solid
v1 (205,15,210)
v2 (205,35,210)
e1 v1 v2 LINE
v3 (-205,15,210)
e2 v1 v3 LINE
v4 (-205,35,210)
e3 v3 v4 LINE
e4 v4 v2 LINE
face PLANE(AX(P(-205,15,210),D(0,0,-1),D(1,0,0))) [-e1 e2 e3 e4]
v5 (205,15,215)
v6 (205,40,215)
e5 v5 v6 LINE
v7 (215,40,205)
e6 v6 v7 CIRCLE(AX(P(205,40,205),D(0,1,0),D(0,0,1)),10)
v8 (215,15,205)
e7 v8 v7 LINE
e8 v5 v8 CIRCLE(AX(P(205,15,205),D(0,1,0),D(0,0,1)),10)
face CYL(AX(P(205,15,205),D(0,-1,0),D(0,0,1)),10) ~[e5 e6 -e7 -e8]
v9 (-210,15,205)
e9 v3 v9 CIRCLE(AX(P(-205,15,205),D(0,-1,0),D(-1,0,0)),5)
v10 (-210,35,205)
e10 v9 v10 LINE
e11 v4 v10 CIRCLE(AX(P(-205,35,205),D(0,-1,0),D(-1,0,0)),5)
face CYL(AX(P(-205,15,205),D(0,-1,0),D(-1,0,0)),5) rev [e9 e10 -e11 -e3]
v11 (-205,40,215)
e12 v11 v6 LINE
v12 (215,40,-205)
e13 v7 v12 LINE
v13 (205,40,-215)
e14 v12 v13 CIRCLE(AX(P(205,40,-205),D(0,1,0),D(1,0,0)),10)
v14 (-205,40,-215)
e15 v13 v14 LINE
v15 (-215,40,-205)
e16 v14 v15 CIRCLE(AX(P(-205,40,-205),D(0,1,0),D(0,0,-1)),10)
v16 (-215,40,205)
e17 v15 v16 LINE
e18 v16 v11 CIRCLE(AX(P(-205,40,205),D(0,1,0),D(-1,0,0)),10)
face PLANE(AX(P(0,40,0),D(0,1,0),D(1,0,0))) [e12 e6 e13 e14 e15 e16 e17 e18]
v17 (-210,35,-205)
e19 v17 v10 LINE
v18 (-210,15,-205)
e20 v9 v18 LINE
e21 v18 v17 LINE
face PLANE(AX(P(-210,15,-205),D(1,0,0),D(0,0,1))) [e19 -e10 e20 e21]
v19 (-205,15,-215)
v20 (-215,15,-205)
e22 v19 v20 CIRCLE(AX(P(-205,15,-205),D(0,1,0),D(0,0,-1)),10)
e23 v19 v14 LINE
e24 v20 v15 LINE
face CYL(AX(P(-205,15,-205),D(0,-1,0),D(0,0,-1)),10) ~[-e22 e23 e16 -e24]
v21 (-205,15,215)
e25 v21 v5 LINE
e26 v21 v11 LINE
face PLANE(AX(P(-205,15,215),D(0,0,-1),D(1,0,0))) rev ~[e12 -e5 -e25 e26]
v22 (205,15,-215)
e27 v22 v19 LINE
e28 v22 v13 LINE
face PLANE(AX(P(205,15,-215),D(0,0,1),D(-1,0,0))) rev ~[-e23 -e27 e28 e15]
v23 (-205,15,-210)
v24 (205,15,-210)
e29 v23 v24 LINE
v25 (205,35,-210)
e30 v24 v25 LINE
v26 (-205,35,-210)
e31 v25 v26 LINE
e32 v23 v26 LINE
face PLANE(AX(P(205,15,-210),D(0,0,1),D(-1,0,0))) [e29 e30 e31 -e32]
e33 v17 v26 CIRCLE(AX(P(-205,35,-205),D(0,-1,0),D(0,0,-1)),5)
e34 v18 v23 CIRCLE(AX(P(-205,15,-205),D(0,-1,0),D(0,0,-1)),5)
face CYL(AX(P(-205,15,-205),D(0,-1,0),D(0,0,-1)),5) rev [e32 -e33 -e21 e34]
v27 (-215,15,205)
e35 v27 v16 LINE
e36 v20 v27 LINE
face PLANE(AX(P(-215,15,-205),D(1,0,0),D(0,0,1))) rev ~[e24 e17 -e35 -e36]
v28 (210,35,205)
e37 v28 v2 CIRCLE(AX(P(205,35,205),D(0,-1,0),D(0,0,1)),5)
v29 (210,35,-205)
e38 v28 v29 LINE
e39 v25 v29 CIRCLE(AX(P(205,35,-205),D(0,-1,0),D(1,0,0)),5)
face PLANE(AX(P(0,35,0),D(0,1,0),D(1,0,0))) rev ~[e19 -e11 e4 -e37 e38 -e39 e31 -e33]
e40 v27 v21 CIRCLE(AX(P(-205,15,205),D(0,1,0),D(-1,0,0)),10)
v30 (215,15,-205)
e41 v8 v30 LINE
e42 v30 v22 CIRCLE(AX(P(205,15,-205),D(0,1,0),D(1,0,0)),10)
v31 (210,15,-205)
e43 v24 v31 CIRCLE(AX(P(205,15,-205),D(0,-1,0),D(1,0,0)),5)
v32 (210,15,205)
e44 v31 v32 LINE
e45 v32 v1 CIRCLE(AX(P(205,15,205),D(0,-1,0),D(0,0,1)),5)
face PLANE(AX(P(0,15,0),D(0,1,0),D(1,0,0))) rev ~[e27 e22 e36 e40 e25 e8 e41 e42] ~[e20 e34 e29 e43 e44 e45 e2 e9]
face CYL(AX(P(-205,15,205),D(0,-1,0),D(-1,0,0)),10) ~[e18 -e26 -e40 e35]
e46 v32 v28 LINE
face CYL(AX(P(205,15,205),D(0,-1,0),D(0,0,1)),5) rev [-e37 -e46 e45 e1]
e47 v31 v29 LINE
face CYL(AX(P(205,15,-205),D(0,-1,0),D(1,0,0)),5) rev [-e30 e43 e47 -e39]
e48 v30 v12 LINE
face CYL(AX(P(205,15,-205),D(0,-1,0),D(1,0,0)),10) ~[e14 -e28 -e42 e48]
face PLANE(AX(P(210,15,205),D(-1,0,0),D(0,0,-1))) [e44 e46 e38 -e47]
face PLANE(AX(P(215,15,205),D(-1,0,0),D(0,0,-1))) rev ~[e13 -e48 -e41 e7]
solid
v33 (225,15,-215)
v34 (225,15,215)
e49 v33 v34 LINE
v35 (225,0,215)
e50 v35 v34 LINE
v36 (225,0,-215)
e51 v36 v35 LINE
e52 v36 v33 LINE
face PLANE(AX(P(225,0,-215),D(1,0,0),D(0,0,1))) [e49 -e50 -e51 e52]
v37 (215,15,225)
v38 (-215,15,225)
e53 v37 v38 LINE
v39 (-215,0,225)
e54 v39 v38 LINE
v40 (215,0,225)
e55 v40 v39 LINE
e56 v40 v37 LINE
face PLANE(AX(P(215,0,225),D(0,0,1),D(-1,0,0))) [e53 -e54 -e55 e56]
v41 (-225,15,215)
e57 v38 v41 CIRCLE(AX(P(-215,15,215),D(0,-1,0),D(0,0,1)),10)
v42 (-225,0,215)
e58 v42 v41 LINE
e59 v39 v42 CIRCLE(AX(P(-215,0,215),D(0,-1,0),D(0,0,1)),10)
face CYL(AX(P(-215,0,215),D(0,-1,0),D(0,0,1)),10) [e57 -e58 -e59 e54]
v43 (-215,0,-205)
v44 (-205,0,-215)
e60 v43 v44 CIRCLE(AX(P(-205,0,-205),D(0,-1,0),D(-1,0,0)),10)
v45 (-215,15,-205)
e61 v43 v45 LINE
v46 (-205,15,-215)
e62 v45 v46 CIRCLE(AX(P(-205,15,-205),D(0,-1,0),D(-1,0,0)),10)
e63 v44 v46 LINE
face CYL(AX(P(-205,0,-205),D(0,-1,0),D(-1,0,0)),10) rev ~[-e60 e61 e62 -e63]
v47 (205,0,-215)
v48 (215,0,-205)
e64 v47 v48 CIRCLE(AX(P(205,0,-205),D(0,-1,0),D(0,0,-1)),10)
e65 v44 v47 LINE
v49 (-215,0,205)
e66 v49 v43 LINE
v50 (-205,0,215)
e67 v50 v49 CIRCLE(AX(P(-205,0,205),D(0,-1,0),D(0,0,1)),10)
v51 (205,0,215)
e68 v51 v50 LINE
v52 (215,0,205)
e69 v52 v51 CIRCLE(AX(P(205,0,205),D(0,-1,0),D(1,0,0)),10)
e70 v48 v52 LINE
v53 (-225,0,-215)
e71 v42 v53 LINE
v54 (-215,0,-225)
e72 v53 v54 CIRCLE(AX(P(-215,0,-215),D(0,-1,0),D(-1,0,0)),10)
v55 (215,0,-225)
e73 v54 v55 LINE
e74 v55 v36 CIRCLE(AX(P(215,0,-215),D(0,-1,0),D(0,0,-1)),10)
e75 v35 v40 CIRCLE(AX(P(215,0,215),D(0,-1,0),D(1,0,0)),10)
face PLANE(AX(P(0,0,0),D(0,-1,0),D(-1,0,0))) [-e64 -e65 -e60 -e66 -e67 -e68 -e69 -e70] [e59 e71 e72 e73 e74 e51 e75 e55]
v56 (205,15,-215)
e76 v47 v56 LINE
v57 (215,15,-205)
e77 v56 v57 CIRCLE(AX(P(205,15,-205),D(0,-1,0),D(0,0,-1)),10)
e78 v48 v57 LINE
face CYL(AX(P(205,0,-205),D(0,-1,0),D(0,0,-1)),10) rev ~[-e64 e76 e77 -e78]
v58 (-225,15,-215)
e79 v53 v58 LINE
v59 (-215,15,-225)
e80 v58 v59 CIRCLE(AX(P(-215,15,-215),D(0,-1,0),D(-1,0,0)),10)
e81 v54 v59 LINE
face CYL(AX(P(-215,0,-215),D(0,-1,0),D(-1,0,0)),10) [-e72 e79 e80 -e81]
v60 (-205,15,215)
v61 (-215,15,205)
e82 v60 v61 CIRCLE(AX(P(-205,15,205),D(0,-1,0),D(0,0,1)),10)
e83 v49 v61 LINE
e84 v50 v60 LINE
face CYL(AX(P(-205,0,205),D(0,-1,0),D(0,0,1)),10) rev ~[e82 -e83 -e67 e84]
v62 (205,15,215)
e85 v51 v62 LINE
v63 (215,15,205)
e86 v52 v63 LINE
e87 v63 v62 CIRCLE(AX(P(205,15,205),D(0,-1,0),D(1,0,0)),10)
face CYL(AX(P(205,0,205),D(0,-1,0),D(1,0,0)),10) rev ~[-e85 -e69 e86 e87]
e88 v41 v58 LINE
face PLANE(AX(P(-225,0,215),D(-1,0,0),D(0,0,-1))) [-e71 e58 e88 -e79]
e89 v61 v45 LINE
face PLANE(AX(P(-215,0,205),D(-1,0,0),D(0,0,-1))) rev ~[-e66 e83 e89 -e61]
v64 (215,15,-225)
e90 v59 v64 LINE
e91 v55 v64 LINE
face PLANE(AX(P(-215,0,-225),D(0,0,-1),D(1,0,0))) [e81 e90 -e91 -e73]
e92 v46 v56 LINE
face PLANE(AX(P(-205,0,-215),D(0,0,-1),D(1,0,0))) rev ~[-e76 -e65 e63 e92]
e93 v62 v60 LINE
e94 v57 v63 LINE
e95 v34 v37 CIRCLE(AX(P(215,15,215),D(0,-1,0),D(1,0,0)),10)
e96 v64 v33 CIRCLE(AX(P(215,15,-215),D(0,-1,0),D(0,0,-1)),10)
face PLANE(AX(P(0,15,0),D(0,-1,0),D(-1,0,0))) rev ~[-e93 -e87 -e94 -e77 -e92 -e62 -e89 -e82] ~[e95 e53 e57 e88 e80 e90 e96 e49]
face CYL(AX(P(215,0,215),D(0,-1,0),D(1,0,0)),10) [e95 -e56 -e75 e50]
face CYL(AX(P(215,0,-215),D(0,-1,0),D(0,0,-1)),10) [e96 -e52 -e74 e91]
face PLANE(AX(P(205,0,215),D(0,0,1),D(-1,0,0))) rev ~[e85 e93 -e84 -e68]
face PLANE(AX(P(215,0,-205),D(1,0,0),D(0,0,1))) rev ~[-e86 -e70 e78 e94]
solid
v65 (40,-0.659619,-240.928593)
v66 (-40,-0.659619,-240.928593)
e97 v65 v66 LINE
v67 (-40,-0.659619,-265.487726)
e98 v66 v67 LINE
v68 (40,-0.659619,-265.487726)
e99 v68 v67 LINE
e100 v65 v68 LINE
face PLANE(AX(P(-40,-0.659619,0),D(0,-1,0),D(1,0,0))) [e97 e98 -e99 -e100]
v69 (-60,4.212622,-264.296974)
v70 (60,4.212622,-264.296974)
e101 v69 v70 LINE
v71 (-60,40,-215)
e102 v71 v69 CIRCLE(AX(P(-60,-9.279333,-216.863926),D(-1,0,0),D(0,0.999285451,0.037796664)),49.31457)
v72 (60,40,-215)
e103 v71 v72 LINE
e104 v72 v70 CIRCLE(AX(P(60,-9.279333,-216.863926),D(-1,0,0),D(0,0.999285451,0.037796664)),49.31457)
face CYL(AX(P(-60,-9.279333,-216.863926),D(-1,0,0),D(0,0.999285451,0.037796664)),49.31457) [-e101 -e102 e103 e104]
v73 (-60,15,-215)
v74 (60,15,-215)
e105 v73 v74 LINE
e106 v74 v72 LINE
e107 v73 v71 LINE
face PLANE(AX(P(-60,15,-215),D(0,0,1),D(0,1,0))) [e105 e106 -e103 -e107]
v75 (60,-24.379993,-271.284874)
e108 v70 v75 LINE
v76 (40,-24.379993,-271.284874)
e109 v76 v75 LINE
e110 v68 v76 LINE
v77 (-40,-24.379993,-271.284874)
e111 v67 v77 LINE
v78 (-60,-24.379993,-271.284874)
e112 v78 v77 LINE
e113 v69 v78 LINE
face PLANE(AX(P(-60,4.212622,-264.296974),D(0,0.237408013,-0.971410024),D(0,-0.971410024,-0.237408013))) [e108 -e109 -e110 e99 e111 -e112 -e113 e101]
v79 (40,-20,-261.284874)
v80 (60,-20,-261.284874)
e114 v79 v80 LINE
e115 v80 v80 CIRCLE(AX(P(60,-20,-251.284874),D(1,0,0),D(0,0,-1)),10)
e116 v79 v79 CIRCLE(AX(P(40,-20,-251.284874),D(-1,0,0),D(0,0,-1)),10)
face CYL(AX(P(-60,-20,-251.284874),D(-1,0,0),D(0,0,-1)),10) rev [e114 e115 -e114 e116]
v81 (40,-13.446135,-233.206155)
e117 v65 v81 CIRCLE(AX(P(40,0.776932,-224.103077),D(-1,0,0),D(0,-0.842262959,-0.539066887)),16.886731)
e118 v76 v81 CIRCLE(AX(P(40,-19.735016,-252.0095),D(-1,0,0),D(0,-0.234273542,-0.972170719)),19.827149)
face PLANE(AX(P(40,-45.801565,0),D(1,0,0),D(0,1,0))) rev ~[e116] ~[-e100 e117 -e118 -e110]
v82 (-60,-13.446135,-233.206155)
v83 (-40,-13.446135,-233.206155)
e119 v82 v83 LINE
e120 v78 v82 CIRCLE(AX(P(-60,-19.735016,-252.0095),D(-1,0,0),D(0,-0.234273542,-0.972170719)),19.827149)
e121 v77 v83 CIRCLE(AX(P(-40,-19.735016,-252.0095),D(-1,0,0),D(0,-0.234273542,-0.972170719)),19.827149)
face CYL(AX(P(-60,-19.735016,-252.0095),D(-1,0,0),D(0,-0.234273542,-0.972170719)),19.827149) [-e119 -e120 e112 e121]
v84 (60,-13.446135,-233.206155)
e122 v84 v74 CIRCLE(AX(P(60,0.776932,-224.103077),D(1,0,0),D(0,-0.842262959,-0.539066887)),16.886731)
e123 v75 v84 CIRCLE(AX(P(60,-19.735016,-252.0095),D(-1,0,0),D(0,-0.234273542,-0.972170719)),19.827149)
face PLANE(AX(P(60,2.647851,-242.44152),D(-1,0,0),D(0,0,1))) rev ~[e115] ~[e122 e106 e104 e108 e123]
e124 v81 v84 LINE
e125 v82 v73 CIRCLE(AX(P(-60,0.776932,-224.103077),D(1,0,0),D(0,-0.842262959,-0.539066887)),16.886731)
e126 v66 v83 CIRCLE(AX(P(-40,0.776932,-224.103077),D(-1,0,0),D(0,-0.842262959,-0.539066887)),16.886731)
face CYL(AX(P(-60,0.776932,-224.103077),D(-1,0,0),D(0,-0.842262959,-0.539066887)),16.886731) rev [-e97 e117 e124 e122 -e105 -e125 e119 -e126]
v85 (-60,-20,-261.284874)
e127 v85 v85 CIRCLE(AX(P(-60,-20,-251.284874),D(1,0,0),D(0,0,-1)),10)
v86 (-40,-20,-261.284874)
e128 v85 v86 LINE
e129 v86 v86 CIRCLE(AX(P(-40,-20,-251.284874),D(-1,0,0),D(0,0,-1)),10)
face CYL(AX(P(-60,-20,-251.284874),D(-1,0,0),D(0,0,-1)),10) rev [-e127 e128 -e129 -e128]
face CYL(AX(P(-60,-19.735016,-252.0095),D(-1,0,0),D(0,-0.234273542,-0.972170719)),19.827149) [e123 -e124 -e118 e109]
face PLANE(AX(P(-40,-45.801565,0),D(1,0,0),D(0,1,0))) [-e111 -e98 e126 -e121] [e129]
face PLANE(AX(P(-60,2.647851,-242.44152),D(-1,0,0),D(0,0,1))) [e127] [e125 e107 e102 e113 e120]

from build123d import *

# Parameters (mm, degrees)
BOSS_EXTRUDE1_DEPTH      = 15
BOSS_EXTRUDE2_DEPTH      = 25
SHELL1_T                 = -5
BOSS_EXTRUDE9_DEPTH      = 60
BOSS_EXTRUDE9_DEPTH_BACK = 60
SKETCH3_R                = 10
SKETCH4_W                = 80
SKETCH4_H                = 45.141945931
CUT_EXTRUDE2_DEPTH       = 377


with BuildPart() as part:
    # Sketch1 → Boss-Extrude1 (new body)
    with BuildSketch(Plane(origin=(0, 0, 0), x_dir=(1, 0, 0), z_dir=(0, 1, 0))):
        with BuildLine():
            Line((-215, 225), (215, 225))
            ThreePointArc((215, 225), (222.071067812, 222.071067812), (225, 215))
            Line((225, 215), (225, -215))
            ThreePointArc((225, -215), (222.071067812, -222.071067812), (215, -225))
            Line((215, -225), (-215, -225))
            ThreePointArc((-215, -225), (-222.071067812, -222.071067812), (-225, -215))
            Line((-225, -215), (-225, 215))
            ThreePointArc((-225, 215), (-222.071067812, 222.071067812), (-215, 225))
        make_face()
        with BuildLine():
            Line((-205, 215), (205, 215))
            ThreePointArc((205, 215), (212.071067812, 212.071067812), (215, 205))
            Line((215, 205), (215, -205))
            ThreePointArc((215, -205), (212.071067812, -212.071067812), (205, -215))
            Line((205, -215), (-205, -215))
            ThreePointArc((-205, -215), (-212.071067812, -212.071067812), (-215, -205))
            Line((-215, -205), (-215, 205))
            ThreePointArc((-215, 205), (-212.071067812, 212.071067812), (-205, 215))
        make_face(mode=Mode.SUBTRACT)
    extrude(amount=BOSS_EXTRUDE1_DEPTH)


with BuildPart() as body_2:
    # Sketch2 → Boss-Extrude2 (new body)
    with BuildSketch(Plane(origin=(0, 15, 0), x_dir=(1, 0, 0), z_dir=(0, 1, 0))):
        with BuildLine():
            Line((-205, -215), (205, -215))
            ThreePointArc((205, -215), (212.071067812, -212.071067812), (215, -205))
            Line((215, -205), (215, 205))
            ThreePointArc((215, 205), (212.071067812, 212.071067812), (205, 215))
            Line((205, 215), (-205, 215))
            ThreePointArc((-205, 215), (-212.071067812, 212.071067812), (-215, 205))
            Line((-215, 205), (-215, -205))
            ThreePointArc((-215, -205), (-212.071067812, -212.071067812), (-205, -215))
        make_face()
    extrude(amount=BOSS_EXTRUDE2_DEPTH)

    # Shell1
    shell1_openings = [body_2.faces().sort_by_distance(p)[0] for p in [
        (0, 15, 0),
    ]]
    offset(amount=SHELL1_T, openings=shell1_openings, kind=Kind.INTERSECTION)


with BuildPart() as body_3:
    # Sketch3 → Boss-Extrude9 (new, two sides: drawn at the far end of the back side and taken through both)
    with BuildSketch(Plane(origin=(0, 0, 0), x_dir=(0, 0, -1), z_dir=(1, 0, 0)).offset(-BOSS_EXTRUDE9_DEPTH_BACK)):
        with BuildLine():
            Line((264.296973896, 4.212622215), (271.284873642, -24.379992565))
            ThreePointArc((271.284873642, -24.379992565), (246.537479386, -38.792109825), (233.206154552, -13.4461353))
            ThreePointArc((233.206154552, -13.4461353), (238.326144926, 9.880009626), (215, 15))
            Line((215, 15), (215, 40))
            ThreePointArc((215, 40), (245.834951571, 30.628142096), (264.296973896, 4.212622215))
        make_face()
        with Locations((251.284873642, -20)):
            Circle(SKETCH3_R, mode=Mode.SUBTRACT)
    extrude(amount=BOSS_EXTRUDE9_DEPTH + BOSS_EXTRUDE9_DEPTH_BACK)

    # Sketch4 → Cut-Extrude2 (cut)
    with BuildSketch(Plane.XY):
        with Locations((0, -23.230591545)):
            Rectangle(SKETCH4_W, SKETCH4_H)
    extrude(amount=-CUT_EXTRUDE2_DEPTH, mode=Mode.SUBTRACT)


solid = Compound([part.part, body_2.part, body_3.part])
